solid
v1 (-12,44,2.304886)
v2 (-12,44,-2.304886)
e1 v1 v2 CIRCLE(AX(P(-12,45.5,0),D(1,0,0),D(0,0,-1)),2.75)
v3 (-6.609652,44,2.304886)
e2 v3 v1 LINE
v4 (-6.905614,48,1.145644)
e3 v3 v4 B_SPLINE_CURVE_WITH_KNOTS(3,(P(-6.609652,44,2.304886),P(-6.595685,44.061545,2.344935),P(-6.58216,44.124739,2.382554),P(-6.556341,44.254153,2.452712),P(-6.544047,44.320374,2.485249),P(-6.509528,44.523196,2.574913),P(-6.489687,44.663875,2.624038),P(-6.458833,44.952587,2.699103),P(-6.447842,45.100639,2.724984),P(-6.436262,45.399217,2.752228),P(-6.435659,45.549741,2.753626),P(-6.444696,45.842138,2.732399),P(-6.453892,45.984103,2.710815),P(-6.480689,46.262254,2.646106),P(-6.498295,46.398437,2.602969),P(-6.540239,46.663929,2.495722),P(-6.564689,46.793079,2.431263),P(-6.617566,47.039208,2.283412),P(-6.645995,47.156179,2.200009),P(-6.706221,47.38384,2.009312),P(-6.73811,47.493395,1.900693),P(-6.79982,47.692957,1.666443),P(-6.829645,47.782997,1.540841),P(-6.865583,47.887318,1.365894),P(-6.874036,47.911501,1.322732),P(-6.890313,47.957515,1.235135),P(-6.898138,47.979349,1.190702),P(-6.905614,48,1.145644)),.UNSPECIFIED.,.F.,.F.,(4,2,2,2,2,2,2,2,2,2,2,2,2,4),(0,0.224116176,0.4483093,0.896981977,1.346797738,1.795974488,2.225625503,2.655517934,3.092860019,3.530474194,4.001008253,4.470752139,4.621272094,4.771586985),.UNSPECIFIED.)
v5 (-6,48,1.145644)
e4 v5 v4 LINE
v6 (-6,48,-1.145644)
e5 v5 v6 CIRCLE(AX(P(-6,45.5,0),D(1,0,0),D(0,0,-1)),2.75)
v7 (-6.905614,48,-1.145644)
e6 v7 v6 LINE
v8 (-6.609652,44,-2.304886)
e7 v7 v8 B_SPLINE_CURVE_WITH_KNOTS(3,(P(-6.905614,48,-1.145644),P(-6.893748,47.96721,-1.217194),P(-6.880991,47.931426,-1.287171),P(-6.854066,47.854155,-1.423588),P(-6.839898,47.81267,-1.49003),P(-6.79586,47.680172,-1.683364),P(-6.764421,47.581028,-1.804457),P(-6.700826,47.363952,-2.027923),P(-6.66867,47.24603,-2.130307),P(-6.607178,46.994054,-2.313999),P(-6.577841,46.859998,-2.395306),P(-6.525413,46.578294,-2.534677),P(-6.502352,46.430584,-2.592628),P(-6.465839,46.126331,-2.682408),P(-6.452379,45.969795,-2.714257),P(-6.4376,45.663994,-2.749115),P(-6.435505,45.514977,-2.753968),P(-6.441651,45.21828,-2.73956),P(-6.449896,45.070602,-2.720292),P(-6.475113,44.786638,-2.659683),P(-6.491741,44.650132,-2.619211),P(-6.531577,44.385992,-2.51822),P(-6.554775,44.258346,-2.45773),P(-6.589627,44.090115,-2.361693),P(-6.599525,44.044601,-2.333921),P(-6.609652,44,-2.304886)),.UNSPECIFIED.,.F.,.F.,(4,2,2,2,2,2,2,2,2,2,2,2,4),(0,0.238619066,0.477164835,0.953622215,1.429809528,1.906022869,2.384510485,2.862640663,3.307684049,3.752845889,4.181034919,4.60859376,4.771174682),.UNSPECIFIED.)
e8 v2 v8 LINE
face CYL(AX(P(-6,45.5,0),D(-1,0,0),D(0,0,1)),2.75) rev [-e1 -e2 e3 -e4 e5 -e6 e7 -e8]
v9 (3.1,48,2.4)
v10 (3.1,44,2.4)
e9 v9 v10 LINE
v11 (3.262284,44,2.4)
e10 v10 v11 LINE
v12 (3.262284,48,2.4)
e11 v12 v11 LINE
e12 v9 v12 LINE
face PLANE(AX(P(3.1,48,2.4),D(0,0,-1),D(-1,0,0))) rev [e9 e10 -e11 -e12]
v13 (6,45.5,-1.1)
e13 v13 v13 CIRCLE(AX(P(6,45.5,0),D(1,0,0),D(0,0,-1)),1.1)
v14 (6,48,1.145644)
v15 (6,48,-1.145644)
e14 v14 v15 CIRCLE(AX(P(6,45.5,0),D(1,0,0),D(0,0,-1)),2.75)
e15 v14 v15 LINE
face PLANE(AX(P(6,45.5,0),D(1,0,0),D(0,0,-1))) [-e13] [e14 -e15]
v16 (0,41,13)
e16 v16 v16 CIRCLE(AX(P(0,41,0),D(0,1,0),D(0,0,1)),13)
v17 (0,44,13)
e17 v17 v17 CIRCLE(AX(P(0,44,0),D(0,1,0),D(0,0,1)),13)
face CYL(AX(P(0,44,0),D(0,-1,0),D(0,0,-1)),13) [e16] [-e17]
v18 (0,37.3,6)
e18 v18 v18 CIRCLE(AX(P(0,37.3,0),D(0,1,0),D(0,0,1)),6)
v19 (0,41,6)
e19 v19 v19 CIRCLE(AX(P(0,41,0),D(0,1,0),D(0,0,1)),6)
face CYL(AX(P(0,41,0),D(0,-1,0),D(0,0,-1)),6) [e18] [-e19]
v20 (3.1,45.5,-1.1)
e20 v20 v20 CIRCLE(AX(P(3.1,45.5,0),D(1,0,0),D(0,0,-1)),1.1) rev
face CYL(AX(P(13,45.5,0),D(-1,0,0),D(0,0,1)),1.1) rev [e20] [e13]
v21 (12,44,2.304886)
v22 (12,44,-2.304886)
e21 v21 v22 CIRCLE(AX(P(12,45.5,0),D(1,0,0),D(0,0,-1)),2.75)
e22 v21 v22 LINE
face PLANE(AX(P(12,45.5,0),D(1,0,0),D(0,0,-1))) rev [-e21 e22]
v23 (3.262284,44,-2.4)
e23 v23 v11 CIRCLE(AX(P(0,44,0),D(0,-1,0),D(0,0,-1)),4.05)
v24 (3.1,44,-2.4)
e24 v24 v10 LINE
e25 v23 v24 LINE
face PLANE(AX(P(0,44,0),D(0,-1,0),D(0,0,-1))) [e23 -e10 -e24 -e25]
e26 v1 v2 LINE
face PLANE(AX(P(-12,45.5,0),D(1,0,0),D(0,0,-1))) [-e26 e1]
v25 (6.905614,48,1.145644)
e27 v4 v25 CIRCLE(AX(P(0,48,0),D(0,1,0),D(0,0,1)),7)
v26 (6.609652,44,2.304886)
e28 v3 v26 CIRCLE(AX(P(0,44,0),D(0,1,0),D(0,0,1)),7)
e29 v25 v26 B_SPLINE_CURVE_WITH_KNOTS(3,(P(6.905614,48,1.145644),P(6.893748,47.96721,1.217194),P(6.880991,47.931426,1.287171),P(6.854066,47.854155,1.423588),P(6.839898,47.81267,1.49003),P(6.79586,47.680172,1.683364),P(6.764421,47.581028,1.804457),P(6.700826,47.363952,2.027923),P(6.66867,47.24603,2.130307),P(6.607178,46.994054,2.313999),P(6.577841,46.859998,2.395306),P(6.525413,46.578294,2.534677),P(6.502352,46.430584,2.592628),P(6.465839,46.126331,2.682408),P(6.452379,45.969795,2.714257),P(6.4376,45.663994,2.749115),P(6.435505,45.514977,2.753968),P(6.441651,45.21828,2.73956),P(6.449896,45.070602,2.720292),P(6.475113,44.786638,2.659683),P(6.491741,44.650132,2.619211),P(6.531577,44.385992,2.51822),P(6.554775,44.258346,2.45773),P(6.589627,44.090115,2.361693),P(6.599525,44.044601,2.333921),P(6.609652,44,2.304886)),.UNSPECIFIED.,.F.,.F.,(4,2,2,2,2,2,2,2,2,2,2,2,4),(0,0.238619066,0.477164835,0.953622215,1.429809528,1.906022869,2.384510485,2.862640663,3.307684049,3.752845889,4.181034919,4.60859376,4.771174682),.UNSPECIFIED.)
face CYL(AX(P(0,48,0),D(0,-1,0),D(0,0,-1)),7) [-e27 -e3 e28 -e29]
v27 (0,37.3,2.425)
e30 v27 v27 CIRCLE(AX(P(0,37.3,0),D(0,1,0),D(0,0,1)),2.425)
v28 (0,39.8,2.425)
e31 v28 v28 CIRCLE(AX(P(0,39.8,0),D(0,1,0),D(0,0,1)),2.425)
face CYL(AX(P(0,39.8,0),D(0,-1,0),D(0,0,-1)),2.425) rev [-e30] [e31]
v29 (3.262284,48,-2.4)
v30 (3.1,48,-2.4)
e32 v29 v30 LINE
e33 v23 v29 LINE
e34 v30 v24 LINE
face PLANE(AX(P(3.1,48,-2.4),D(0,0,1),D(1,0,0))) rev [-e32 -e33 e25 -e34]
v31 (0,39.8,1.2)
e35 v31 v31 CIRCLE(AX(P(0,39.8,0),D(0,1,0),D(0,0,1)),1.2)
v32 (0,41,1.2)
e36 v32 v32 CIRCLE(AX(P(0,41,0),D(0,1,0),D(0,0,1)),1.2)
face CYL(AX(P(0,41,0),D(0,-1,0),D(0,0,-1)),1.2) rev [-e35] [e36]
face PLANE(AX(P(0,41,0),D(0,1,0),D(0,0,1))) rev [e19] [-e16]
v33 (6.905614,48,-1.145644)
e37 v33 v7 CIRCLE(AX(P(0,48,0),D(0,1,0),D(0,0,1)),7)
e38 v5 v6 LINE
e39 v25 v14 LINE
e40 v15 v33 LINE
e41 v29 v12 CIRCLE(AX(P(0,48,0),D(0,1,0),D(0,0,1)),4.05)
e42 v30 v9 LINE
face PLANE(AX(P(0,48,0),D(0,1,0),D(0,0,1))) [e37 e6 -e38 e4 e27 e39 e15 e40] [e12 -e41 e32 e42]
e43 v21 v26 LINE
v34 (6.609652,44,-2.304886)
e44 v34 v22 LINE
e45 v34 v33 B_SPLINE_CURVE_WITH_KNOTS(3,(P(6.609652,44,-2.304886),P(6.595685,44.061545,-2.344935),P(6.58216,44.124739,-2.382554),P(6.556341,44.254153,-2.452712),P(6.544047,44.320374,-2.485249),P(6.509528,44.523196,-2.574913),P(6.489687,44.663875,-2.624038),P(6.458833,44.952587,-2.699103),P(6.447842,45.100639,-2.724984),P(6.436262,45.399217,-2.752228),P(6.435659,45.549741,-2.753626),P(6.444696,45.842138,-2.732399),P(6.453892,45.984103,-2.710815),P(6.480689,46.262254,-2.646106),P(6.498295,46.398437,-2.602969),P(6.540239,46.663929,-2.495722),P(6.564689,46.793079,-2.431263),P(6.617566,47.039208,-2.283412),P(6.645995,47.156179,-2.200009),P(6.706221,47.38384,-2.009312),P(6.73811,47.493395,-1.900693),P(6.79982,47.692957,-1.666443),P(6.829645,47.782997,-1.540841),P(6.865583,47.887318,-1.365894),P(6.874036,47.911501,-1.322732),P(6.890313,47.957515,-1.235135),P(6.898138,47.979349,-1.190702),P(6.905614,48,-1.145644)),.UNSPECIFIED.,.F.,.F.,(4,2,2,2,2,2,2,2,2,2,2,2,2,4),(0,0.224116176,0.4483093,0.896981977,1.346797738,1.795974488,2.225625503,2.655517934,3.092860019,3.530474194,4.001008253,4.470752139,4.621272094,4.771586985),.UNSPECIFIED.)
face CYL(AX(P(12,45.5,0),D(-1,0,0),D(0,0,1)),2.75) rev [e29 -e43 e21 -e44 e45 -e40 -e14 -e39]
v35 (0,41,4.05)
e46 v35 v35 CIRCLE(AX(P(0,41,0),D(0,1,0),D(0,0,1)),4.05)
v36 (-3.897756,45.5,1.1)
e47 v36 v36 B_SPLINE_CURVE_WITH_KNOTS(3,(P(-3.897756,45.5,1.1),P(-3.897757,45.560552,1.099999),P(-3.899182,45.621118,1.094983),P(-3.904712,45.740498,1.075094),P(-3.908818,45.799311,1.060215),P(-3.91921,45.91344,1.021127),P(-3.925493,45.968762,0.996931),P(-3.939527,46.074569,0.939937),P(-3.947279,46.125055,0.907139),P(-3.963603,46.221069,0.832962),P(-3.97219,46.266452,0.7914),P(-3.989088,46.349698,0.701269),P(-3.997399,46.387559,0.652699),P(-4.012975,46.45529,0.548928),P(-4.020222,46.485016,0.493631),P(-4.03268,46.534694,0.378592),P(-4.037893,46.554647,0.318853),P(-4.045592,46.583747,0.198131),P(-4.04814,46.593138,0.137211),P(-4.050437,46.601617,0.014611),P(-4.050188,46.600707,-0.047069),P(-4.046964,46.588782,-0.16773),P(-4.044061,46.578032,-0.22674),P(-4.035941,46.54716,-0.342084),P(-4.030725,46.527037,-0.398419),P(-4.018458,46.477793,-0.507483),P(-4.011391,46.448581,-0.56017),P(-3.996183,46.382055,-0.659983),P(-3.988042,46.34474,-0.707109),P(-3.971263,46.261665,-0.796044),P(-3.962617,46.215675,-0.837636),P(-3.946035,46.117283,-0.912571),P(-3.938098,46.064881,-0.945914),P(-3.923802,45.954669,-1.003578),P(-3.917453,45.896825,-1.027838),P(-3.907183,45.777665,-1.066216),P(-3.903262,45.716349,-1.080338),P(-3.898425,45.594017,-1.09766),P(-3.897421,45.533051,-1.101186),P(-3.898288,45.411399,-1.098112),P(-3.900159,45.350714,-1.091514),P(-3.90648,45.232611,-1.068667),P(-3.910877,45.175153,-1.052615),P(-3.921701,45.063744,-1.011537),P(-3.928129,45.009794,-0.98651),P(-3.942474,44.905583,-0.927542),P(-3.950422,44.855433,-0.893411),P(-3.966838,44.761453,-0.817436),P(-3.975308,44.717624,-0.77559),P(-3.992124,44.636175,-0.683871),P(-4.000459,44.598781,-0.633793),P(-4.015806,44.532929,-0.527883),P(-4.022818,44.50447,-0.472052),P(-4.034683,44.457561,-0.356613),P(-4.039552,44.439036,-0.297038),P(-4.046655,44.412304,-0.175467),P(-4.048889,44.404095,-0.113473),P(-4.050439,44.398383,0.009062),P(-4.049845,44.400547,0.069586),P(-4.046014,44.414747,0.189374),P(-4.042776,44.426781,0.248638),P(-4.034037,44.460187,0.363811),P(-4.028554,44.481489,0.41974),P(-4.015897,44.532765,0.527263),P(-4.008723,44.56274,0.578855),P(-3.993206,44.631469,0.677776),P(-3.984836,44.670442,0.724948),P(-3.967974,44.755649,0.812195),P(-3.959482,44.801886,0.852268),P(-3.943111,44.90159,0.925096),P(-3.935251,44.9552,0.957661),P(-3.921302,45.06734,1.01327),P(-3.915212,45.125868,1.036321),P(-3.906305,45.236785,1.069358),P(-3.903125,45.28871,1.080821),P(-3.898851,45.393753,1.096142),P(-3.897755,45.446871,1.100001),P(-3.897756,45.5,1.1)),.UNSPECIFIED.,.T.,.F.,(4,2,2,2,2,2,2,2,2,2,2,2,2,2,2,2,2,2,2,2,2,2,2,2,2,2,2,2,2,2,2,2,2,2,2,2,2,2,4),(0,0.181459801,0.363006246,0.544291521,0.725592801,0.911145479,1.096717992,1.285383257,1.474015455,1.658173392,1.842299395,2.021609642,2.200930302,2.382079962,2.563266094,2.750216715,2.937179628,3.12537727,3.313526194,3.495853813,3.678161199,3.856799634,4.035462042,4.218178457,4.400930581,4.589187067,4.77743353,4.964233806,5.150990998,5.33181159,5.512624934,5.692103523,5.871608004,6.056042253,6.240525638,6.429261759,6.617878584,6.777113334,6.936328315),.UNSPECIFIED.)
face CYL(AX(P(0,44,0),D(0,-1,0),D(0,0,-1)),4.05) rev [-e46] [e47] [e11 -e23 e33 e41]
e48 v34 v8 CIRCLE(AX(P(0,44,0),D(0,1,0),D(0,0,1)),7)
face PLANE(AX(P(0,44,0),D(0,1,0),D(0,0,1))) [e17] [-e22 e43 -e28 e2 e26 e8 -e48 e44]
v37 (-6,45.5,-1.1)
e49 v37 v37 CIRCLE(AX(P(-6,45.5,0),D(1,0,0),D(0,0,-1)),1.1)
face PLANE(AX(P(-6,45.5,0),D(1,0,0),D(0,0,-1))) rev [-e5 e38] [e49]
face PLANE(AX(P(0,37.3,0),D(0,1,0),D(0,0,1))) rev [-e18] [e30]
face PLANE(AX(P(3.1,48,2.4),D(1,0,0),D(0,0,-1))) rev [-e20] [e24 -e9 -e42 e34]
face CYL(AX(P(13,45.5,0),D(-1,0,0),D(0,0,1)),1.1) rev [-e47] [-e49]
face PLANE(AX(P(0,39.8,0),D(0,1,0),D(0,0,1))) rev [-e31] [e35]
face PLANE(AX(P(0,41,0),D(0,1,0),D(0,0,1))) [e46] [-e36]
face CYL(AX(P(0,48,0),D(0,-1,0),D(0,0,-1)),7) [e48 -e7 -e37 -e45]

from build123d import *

# Parameters (mm, degrees)
STOCK_HORN_DRIVE_FLANGE_START                 = 41
STOCK_HORN_DRIVE_FLANGE_PROFILE_R             = 13
STOCK_HORN_DRIVE_FLANGE_PROFILE_R_2           = 4.05
STOCK_HORN_DRIVE_FLANGE_DEPTH                 = 3
D_COUPLING_RING_START                         = 44
D_COUPLING_RING_PROFILE_R                     = 7
D_COUPLING_RING_PROFILE_R_2                   = 4.05
D_COUPLING_RING_DEPTH                         = 4
D_KEY_LAND_START                              = 44
D_KEY_LAND_PROFILE_W                          = 2.9
D_KEY_LAND_PROFILE_H                          = 4.8
D_KEY_LAND_DEPTH                              = 4
YAW_POSITIVE_RETENTION_CROSSBOLT_START        = -10
YAW_POSITIVE_RETENTION_CROSSBOLT_PROFILE_R    = 1.1
YAW_POSITIVE_RETENTION_CROSSBOLT_DEPTH        = 62.400389104
CROSSBOLT_FLAT_SEAT_CUT_12_START              = -12
CROSSBOLT_FLAT_SEAT_12_R                      = 2.75
CROSSBOLT_FLAT_SEAT_CUT_12_DEPTH              = 6
CROSSBOLT_FLAT_SEAT_CUT_6_START               = 6
CROSSBOLT_FLAT_SEAT_6_R                       = 2.75
CROSSBOLT_FLAT_SEAT_CUT_6_DEPTH               = 6
SG90_SPLINE_SOCKET_BOSS_OD12_START            = 37.3
SG90_SPLINE_SOCKET_BOSS_PROFILE_R             = 6
SG90_SPLINE_SOCKET_BOSS_OD12_DEPTH            = 3.7
SG90_SPLINE_PRESS_SOCKET_D4P85_DEPTH2P5_START = 37.3
SG90_SPLINE_PRESS_SOCKET_D4P85_DEPTH_2_R      = 2.425
SG90_SPLINE_PRESS_SOCKET_D4P85_DEPTH2P5_DEPTH = 2.5
SG90_CENTRE_SCREW_CLEARANCE_D2P4_START        = 39.8
SG90_CENTRE_SCREW_CLEARANCE_D2P4_PROFILE_R    = 1.2
SG90_CENTRE_SCREW_CLEARANCE_D2P4_DEPTH        = 1.2


with BuildPart() as part:
    # Stock_horn_drive_flange_profile → Stock_horn_drive_flange (new body)
    with BuildSketch(Plane(origin=(0, 0, 0), x_dir=(1, 0, 0), z_dir=(0, 1, 0)).offset(STOCK_HORN_DRIVE_FLANGE_START)):
        with Locations(Location((0, 0, 0), (0, 0, 270))):
            Circle(STOCK_HORN_DRIVE_FLANGE_PROFILE_R)
        with Locations(Location((0, 0, 0), (0, 0, 270))):
            Circle(STOCK_HORN_DRIVE_FLANGE_PROFILE_R_2, mode=Mode.SUBTRACT)
    extrude(amount=STOCK_HORN_DRIVE_FLANGE_DEPTH)

    # D_coupling_ring_profile → D_coupling_ring (add)
    with BuildSketch(Plane(origin=(0, 0, 0), x_dir=(1, 0, 0), z_dir=(0, 1, 0)).offset(D_COUPLING_RING_START)):
        with Locations(Location((0, 0, 0), (0, 0, 270))):
            Circle(D_COUPLING_RING_PROFILE_R)
        with Locations(Location((0, 0, 0), (0, 0, 270))):
            Circle(D_COUPLING_RING_PROFILE_R_2, mode=Mode.SUBTRACT)
    extrude(amount=D_COUPLING_RING_DEPTH)

    # D_key_land_profile → D_key_land (add)
    with BuildSketch(Plane(origin=(0, 0, 0), x_dir=(1, 0, 0), z_dir=(0, 1, 0)).offset(D_KEY_LAND_START)):
        with Locations((4.55, 0)):
            Rectangle(D_KEY_LAND_PROFILE_W, D_KEY_LAND_PROFILE_H)
    extrude(amount=D_KEY_LAND_DEPTH)

    # Yaw_positive_retention_crossbolt_profile → Yaw_positive_retention_crossbolt (cut, through all)
    with BuildSketch(Plane(origin=(0, 0, 0), x_dir=(0, 0, -1), z_dir=(1, 0, 0)).offset(YAW_POSITIVE_RETENTION_CROSSBOLT_START)):
        with Locations(Location((0, 45.5, 0), (0, 0, 180))):
            Circle(YAW_POSITIVE_RETENTION_CROSSBOLT_PROFILE_R)
    extrude(amount=YAW_POSITIVE_RETENTION_CROSSBOLT_DEPTH, mode=Mode.SUBTRACT)

    # Crossbolt_flat_seat_-12 → Crossbolt_flat_seat_cut_-12 (cut)
    with BuildSketch(Plane(origin=(0, 0, 0), x_dir=(0, 0, -1), z_dir=(1, 0, 0)).offset(CROSSBOLT_FLAT_SEAT_CUT_12_START)):
        with Locations((0, 45.5)):
            Circle(CROSSBOLT_FLAT_SEAT_12_R)
    extrude(amount=CROSSBOLT_FLAT_SEAT_CUT_12_DEPTH, mode=Mode.SUBTRACT)

    # Crossbolt_flat_seat_6 → Crossbolt_flat_seat_cut_6 (cut)
    with BuildSketch(Plane(origin=(0, 0, 0), x_dir=(0, 0, -1), z_dir=(1, 0, 0)).offset(CROSSBOLT_FLAT_SEAT_CUT_6_START)):
        with Locations((0, 45.5)):
            Circle(CROSSBOLT_FLAT_SEAT_6_R)
    extrude(amount=CROSSBOLT_FLAT_SEAT_CUT_6_DEPTH, mode=Mode.SUBTRACT)

    # SG90_spline_socket_boss_profile → SG90_spline_socket_boss_OD12 (add)
    with BuildSketch(Plane(origin=(0, 0, 0), x_dir=(1, 0, 0), z_dir=(0, 1, 0)).offset(SG90_SPLINE_SOCKET_BOSS_OD12_START)):
        with Locations(Location((0, 0, 0), (0, 0, 270))):
            Circle(SG90_SPLINE_SOCKET_BOSS_PROFILE_R)
    extrude(amount=SG90_SPLINE_SOCKET_BOSS_OD12_DEPTH)

    # SG90_spline_press_socket_D4p85_depth 2 → SG90_spline_press_socket_D4p85_depth2p5 (cut)
    with BuildSketch(Plane(origin=(0, 0, 0), x_dir=(1, 0, 0), z_dir=(0, 1, 0)).offset(SG90_SPLINE_PRESS_SOCKET_D4P85_DEPTH2P5_START)):
        with Locations(Location((0, 0, 0), (0, 0, 270))):
            Circle(SG90_SPLINE_PRESS_SOCKET_D4P85_DEPTH_2_R)
    extrude(amount=SG90_SPLINE_PRESS_SOCKET_D4P85_DEPTH2P5_DEPTH, mode=Mode.SUBTRACT)

    # SG90_centre_screw_clearance_D2p4_profile → SG90_centre_screw_clearance_D2p4 (cut)
    with BuildSketch(Plane(origin=(0, 0, 0), x_dir=(1, 0, 0), z_dir=(0, 1, 0)).offset(SG90_CENTRE_SCREW_CLEARANCE_D2P4_START)):
        with Locations(Location((0, 0, 0), (0, 0, 270))):
            Circle(SG90_CENTRE_SCREW_CLEARANCE_D2P4_PROFILE_R)
    extrude(amount=SG90_CENTRE_SCREW_CLEARANCE_D2P4_DEPTH, mode=Mode.SUBTRACT)


solid = part.part
